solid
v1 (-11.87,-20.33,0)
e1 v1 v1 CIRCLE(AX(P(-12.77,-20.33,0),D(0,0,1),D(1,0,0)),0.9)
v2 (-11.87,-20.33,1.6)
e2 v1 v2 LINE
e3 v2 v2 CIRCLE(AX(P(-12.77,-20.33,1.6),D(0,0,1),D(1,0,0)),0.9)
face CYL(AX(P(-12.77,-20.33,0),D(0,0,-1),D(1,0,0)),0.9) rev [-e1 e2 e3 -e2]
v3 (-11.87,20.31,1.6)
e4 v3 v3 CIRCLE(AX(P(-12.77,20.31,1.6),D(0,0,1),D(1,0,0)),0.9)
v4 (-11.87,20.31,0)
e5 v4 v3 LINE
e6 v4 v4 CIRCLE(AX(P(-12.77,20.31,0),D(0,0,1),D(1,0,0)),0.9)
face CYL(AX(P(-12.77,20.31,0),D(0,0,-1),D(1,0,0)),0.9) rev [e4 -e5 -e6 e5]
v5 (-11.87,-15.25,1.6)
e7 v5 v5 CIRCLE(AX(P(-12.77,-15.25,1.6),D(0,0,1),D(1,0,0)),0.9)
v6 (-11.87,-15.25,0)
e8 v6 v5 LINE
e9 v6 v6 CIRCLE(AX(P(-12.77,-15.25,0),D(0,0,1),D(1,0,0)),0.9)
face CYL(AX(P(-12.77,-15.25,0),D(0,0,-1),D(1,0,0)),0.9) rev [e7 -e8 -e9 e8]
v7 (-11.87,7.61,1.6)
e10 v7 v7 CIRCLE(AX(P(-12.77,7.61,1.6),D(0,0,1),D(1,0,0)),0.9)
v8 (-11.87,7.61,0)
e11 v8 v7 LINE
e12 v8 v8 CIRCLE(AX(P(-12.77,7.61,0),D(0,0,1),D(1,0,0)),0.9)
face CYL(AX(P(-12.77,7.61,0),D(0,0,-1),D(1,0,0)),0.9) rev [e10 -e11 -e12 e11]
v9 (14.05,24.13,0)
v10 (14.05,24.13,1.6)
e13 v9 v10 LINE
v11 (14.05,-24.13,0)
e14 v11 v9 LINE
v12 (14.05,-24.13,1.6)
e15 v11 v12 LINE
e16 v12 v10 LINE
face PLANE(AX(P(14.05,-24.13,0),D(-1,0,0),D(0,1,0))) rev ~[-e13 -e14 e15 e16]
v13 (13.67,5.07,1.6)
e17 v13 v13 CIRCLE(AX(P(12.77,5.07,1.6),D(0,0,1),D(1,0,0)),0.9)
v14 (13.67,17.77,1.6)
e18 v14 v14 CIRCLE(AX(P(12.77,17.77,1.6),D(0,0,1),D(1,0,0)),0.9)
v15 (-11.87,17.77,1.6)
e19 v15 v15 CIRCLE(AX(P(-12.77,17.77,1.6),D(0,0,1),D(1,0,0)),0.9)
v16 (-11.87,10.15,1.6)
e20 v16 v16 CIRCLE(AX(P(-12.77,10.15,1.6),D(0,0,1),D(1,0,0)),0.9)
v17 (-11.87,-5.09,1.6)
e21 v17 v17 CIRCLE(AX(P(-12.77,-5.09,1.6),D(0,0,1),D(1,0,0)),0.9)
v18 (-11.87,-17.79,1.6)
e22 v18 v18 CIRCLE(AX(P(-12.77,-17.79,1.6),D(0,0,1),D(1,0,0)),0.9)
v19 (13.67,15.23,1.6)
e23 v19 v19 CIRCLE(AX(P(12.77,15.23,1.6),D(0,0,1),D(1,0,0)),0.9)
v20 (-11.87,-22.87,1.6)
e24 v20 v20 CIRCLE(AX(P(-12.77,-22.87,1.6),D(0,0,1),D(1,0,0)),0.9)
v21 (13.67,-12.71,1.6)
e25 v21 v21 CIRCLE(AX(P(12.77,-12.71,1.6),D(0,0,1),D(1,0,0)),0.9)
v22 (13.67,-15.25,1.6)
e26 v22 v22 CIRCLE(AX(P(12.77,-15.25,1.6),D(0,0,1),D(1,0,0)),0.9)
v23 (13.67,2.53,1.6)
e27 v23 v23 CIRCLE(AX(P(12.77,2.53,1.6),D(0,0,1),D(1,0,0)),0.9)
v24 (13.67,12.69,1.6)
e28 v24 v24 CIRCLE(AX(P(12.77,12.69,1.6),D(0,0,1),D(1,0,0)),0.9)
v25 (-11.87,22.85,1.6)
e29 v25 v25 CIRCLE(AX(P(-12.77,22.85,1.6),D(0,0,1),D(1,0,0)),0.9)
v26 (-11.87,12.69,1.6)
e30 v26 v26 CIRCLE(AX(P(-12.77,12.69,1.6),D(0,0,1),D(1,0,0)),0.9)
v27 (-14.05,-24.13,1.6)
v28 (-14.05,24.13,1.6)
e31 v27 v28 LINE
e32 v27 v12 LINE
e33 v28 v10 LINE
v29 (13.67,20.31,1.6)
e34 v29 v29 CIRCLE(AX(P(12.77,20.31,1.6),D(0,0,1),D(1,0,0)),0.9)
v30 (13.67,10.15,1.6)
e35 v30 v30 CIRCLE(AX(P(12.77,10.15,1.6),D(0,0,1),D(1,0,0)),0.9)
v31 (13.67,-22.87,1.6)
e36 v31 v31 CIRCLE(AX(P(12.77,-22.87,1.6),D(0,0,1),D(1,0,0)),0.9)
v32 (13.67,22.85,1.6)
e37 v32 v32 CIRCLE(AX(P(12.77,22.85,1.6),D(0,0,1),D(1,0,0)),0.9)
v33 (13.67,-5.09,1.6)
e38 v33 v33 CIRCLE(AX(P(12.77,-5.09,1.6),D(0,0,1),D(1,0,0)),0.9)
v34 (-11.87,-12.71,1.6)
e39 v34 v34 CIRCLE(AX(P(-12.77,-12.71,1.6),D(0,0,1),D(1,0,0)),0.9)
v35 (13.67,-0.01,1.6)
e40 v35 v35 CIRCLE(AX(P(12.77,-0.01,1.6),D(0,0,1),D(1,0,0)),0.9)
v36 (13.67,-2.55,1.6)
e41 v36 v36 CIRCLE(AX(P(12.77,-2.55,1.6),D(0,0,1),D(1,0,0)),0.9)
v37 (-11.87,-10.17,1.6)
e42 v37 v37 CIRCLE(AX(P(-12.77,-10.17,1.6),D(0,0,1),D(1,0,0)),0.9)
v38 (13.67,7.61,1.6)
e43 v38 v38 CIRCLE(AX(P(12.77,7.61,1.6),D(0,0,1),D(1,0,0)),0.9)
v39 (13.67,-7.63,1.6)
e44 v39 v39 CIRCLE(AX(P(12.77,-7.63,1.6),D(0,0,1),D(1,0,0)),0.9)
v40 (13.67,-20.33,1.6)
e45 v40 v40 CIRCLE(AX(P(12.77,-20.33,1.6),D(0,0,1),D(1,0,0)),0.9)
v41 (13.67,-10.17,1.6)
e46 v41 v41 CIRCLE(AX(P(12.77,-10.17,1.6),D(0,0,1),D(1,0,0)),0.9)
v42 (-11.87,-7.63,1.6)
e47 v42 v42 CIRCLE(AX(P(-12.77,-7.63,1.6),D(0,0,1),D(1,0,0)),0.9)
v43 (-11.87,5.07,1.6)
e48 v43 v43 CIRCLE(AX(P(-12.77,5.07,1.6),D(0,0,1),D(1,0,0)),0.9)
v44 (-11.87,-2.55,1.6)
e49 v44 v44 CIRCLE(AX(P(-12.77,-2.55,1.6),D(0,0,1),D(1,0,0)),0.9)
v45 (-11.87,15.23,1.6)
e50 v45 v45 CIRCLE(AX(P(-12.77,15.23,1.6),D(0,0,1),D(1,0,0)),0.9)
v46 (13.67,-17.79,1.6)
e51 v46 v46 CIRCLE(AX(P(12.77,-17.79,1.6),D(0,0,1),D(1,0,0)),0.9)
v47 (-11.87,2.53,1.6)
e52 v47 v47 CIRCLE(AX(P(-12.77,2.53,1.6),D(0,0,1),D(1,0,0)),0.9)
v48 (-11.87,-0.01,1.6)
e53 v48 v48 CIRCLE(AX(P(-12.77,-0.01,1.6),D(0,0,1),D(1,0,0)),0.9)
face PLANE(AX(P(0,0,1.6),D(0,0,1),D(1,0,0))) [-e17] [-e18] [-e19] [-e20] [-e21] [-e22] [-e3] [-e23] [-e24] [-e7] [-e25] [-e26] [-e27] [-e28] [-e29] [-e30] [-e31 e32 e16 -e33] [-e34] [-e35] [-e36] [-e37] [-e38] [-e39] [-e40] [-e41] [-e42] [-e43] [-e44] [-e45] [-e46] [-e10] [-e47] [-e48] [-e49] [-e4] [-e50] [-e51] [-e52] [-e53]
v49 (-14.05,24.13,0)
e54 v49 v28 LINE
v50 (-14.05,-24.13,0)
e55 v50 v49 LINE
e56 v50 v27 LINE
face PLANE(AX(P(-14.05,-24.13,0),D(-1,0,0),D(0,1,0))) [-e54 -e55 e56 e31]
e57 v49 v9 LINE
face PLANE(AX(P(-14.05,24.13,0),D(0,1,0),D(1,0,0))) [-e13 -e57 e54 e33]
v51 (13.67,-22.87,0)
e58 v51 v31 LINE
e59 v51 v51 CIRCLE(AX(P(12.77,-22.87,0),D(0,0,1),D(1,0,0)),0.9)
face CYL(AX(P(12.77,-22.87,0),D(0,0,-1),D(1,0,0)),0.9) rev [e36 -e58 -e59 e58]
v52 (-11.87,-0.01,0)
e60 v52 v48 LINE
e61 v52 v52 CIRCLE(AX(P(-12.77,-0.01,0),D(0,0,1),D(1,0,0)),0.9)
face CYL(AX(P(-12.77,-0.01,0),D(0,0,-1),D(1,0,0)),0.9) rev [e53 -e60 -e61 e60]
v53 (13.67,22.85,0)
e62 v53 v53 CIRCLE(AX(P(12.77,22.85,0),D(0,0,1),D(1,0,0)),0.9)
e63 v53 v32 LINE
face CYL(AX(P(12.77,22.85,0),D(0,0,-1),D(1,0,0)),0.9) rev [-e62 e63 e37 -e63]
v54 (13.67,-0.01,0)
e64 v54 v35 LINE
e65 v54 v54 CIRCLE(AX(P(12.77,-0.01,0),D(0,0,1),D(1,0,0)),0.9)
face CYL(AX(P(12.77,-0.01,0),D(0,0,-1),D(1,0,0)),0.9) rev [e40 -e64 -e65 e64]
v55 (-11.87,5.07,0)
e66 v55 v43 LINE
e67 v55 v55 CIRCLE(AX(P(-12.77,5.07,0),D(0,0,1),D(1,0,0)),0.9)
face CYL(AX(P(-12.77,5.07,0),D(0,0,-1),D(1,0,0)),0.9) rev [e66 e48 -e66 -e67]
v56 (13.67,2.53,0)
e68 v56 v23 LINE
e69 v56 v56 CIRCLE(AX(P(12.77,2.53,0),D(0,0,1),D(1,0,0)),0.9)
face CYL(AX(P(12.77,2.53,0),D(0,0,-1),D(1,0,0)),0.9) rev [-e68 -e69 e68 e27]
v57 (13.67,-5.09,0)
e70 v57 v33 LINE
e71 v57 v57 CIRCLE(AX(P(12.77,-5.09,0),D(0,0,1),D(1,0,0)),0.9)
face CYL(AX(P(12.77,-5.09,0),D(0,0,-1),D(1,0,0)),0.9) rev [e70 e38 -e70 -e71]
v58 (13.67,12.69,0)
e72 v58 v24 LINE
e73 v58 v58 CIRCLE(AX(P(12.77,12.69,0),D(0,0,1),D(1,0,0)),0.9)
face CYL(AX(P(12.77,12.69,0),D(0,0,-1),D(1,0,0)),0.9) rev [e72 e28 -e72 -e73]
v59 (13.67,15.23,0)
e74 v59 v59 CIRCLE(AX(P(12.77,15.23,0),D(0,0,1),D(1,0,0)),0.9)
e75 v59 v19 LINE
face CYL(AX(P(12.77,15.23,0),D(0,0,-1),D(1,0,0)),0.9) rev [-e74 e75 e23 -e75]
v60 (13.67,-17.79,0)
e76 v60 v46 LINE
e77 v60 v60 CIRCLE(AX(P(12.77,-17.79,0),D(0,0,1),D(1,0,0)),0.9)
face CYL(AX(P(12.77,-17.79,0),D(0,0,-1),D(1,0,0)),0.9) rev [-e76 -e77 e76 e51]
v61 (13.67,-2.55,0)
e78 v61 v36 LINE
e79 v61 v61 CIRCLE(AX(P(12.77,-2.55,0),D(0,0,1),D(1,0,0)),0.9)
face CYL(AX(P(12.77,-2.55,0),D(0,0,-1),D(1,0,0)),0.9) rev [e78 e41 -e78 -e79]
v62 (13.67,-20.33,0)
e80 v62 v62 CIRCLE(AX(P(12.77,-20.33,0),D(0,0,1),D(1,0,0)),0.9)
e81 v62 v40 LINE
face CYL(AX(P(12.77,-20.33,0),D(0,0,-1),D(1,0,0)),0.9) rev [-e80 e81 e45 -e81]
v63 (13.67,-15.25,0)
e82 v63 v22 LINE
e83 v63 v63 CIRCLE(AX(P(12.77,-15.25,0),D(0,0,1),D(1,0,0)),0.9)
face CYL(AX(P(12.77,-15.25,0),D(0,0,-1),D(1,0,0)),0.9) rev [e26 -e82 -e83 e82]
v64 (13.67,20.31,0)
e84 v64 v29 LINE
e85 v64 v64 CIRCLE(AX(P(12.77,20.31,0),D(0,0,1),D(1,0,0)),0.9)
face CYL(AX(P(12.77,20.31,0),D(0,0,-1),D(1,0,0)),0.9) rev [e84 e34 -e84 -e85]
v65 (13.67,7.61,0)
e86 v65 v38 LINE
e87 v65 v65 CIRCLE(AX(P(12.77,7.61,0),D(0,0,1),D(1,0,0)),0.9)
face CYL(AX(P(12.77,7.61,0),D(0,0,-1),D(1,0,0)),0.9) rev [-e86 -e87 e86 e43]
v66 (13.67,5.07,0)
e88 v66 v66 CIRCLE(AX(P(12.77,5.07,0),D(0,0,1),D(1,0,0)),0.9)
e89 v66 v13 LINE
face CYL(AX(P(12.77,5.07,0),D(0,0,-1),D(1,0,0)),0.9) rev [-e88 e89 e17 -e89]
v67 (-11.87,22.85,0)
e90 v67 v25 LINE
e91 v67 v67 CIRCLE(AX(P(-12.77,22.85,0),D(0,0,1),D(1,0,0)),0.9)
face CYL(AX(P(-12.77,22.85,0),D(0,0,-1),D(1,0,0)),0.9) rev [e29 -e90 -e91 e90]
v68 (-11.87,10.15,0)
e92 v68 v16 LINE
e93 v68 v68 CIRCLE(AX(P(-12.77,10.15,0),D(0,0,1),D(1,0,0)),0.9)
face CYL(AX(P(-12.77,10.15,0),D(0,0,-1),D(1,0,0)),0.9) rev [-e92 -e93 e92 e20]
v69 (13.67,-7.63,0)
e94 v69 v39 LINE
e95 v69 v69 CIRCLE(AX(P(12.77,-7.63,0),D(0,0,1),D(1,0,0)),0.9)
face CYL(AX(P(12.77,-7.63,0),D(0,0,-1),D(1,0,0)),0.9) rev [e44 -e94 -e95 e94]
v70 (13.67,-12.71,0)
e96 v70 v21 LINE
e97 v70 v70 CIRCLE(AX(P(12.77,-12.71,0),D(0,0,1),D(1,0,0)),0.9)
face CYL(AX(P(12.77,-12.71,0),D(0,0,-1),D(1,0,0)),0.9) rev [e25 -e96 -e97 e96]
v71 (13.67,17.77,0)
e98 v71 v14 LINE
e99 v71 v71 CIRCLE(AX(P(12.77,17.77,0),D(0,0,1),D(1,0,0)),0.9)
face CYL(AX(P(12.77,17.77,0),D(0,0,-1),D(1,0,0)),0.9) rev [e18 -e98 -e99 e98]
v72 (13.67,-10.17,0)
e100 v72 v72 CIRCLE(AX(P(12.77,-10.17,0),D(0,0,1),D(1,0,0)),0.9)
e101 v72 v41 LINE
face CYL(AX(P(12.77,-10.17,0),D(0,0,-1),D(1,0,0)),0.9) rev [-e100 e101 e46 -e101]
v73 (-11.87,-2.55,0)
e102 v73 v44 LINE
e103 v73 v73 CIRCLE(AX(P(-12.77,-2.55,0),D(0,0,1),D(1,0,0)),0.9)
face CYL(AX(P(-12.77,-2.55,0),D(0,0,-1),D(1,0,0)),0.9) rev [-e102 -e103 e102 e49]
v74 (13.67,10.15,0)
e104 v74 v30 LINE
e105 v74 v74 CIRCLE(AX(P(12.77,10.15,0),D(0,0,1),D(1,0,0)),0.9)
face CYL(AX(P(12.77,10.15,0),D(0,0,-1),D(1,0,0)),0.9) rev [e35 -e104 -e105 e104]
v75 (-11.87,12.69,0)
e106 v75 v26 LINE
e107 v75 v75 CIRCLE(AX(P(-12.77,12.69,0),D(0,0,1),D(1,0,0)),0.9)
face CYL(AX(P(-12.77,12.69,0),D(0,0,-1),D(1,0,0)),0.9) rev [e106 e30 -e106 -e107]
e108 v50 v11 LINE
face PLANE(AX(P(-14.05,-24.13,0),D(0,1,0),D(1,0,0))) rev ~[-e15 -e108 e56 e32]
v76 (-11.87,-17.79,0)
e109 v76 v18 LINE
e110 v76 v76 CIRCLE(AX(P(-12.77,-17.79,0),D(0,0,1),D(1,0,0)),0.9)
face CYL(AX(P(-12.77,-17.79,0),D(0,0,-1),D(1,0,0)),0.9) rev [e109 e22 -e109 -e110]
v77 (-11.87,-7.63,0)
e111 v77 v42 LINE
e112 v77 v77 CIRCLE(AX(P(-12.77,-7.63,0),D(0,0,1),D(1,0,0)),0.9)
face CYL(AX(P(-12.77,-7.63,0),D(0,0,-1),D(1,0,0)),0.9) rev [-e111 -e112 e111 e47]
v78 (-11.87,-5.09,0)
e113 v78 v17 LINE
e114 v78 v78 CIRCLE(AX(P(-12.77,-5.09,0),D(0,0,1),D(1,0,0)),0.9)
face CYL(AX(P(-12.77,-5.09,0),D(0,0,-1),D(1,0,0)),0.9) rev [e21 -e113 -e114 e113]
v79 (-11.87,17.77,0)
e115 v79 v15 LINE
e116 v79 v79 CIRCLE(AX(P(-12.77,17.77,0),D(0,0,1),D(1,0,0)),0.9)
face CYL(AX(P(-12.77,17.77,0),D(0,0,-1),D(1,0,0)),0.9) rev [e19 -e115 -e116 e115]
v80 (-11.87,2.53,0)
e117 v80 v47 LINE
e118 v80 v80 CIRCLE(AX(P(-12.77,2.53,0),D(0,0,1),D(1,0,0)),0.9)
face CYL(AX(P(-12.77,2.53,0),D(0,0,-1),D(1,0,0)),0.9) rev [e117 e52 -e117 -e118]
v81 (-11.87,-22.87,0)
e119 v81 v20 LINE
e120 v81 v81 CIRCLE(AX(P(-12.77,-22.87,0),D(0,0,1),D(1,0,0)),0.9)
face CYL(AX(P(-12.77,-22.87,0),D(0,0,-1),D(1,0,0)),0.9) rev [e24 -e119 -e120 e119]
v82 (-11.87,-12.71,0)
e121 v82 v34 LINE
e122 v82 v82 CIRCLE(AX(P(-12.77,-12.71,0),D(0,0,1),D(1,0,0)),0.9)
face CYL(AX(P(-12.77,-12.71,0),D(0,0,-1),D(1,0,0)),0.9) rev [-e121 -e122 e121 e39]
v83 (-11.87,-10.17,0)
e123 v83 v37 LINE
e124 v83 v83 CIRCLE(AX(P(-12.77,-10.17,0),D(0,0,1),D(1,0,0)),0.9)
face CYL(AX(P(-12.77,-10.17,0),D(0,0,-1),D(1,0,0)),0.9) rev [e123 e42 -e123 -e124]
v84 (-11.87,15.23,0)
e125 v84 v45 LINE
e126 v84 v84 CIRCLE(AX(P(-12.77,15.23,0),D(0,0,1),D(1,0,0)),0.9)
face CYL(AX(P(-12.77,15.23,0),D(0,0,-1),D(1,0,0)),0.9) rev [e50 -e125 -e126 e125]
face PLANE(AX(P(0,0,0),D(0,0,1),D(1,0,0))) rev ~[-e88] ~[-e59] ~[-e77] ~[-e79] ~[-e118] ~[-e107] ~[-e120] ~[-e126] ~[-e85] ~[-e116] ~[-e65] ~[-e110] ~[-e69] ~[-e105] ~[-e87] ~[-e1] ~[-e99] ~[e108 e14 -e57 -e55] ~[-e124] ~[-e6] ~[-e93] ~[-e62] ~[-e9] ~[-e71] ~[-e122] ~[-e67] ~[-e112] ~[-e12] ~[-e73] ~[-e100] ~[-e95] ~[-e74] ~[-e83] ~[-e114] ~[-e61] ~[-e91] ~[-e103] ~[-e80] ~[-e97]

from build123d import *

# Parameters (mm, degrees)
SKETCH_187_W      = 28.1
SKETCH_187_H      = 48.26
SKETCH_187_R      = 0.9
EXTRUDE_851_DEPTH = 1.6


with BuildPart() as part:
    # Sketch 187 → Extrude 851 (new body)
    with BuildSketch(Plane.XY):
        Rectangle(SKETCH_187_W, SKETCH_187_H)
        with Locations((-12.77, 22.85)):
            Circle(SKETCH_187_R, mode=Mode.SUBTRACT)
        with Locations((12.77, 22.85)):
            Circle(SKETCH_187_R, mode=Mode.SUBTRACT)
        with Locations((-12.77, 20.31)):
            Circle(SKETCH_187_R, mode=Mode.SUBTRACT)
        with Locations((12.77, 20.31)):
            Circle(SKETCH_187_R, mode=Mode.SUBTRACT)
        with Locations((-12.77, 17.77)):
            Circle(SKETCH_187_R, mode=Mode.SUBTRACT)
        with Locations((12.77, 17.77)):
            Circle(SKETCH_187_R, mode=Mode.SUBTRACT)
        with Locations((-12.77, 15.23)):
            Circle(SKETCH_187_R, mode=Mode.SUBTRACT)
        with Locations((12.77, 15.23)):
            Circle(SKETCH_187_R, mode=Mode.SUBTRACT)
        with Locations((-12.77, 12.69)):
            Circle(SKETCH_187_R, mode=Mode.SUBTRACT)
        with Locations((12.77, 12.69)):
            Circle(SKETCH_187_R, mode=Mode.SUBTRACT)
        with Locations((-12.77, 10.15)):
            Circle(SKETCH_187_R, mode=Mode.SUBTRACT)
        with Locations((12.77, 10.15)):
            Circle(SKETCH_187_R, mode=Mode.SUBTRACT)
        with Locations((-12.77, 7.61)):
            Circle(SKETCH_187_R, mode=Mode.SUBTRACT)
        with Locations((12.77, 7.61)):
            Circle(SKETCH_187_R, mode=Mode.SUBTRACT)
        with Locations((-12.77, 5.07)):
            Circle(SKETCH_187_R, mode=Mode.SUBTRACT)
        with Locations((12.77, 5.07)):
            Circle(SKETCH_187_R, mode=Mode.SUBTRACT)
        with Locations((-12.77, 2.53)):
            Circle(SKETCH_187_R, mode=Mode.SUBTRACT)
        with Locations((12.77, 2.53)):
            Circle(SKETCH_187_R, mode=Mode.SUBTRACT)
        with Locations((-12.77, -0.01)):
            Circle(SKETCH_187_R, mode=Mode.SUBTRACT)
        with Locations((12.77, -0.01)):
            Circle(SKETCH_187_R, mode=Mode.SUBTRACT)
        with Locations((-12.77, -2.55)):
            Circle(SKETCH_187_R, mode=Mode.SUBTRACT)
        with Locations((12.77, -2.55)):
            Circle(SKETCH_187_R, mode=Mode.SUBTRACT)
        with Locations((-12.77, -5.09)):
            Circle(SKETCH_187_R, mode=Mode.SUBTRACT)
        with Locations((12.77, -5.09)):
            Circle(SKETCH_187_R, mode=Mode.SUBTRACT)
        with Locations((-12.77, -7.63)):
            Circle(SKETCH_187_R, mode=Mode.SUBTRACT)
        with Locations((12.77, -7.63)):
            Circle(SKETCH_187_R, mode=Mode.SUBTRACT)
        with Locations((-12.77, -10.17)):
            Circle(SKETCH_187_R, mode=Mode.SUBTRACT)
        with Locations((12.77, -10.17)):
            Circle(SKETCH_187_R, mode=Mode.SUBTRACT)
        with Locations((-12.77, -12.71)):
            Circle(SKETCH_187_R, mode=Mode.SUBTRACT)
        with Locations((12.77, -12.71)):
            Circle(SKETCH_187_R, mode=Mode.SUBTRACT)
        with Locations((-12.77, -15.25)):
            Circle(SKETCH_187_R, mode=Mode.SUBTRACT)
        with Locations((12.77, -15.25)):
            Circle(SKETCH_187_R, mode=Mode.SUBTRACT)
        with Locations((-12.77, -17.79)):
            Circle(SKETCH_187_R, mode=Mode.SUBTRACT)
        with Locations((12.77, -17.79)):
            Circle(SKETCH_187_R, mode=Mode.SUBTRACT)
        with Locations((-12.77, -20.33)):
            Circle(SKETCH_187_R, mode=Mode.SUBTRACT)
        with Locations((12.77, -20.33)):
            Circle(SKETCH_187_R, mode=Mode.SUBTRACT)
        with Locations((-12.77, -22.87)):
            Circle(SKETCH_187_R, mode=Mode.SUBTRACT)
        with Locations((12.77, -22.87)):
            Circle(SKETCH_187_R, mode=Mode.SUBTRACT)
    extrude(amount=EXTRUDE_851_DEPTH)


solid = part.part
